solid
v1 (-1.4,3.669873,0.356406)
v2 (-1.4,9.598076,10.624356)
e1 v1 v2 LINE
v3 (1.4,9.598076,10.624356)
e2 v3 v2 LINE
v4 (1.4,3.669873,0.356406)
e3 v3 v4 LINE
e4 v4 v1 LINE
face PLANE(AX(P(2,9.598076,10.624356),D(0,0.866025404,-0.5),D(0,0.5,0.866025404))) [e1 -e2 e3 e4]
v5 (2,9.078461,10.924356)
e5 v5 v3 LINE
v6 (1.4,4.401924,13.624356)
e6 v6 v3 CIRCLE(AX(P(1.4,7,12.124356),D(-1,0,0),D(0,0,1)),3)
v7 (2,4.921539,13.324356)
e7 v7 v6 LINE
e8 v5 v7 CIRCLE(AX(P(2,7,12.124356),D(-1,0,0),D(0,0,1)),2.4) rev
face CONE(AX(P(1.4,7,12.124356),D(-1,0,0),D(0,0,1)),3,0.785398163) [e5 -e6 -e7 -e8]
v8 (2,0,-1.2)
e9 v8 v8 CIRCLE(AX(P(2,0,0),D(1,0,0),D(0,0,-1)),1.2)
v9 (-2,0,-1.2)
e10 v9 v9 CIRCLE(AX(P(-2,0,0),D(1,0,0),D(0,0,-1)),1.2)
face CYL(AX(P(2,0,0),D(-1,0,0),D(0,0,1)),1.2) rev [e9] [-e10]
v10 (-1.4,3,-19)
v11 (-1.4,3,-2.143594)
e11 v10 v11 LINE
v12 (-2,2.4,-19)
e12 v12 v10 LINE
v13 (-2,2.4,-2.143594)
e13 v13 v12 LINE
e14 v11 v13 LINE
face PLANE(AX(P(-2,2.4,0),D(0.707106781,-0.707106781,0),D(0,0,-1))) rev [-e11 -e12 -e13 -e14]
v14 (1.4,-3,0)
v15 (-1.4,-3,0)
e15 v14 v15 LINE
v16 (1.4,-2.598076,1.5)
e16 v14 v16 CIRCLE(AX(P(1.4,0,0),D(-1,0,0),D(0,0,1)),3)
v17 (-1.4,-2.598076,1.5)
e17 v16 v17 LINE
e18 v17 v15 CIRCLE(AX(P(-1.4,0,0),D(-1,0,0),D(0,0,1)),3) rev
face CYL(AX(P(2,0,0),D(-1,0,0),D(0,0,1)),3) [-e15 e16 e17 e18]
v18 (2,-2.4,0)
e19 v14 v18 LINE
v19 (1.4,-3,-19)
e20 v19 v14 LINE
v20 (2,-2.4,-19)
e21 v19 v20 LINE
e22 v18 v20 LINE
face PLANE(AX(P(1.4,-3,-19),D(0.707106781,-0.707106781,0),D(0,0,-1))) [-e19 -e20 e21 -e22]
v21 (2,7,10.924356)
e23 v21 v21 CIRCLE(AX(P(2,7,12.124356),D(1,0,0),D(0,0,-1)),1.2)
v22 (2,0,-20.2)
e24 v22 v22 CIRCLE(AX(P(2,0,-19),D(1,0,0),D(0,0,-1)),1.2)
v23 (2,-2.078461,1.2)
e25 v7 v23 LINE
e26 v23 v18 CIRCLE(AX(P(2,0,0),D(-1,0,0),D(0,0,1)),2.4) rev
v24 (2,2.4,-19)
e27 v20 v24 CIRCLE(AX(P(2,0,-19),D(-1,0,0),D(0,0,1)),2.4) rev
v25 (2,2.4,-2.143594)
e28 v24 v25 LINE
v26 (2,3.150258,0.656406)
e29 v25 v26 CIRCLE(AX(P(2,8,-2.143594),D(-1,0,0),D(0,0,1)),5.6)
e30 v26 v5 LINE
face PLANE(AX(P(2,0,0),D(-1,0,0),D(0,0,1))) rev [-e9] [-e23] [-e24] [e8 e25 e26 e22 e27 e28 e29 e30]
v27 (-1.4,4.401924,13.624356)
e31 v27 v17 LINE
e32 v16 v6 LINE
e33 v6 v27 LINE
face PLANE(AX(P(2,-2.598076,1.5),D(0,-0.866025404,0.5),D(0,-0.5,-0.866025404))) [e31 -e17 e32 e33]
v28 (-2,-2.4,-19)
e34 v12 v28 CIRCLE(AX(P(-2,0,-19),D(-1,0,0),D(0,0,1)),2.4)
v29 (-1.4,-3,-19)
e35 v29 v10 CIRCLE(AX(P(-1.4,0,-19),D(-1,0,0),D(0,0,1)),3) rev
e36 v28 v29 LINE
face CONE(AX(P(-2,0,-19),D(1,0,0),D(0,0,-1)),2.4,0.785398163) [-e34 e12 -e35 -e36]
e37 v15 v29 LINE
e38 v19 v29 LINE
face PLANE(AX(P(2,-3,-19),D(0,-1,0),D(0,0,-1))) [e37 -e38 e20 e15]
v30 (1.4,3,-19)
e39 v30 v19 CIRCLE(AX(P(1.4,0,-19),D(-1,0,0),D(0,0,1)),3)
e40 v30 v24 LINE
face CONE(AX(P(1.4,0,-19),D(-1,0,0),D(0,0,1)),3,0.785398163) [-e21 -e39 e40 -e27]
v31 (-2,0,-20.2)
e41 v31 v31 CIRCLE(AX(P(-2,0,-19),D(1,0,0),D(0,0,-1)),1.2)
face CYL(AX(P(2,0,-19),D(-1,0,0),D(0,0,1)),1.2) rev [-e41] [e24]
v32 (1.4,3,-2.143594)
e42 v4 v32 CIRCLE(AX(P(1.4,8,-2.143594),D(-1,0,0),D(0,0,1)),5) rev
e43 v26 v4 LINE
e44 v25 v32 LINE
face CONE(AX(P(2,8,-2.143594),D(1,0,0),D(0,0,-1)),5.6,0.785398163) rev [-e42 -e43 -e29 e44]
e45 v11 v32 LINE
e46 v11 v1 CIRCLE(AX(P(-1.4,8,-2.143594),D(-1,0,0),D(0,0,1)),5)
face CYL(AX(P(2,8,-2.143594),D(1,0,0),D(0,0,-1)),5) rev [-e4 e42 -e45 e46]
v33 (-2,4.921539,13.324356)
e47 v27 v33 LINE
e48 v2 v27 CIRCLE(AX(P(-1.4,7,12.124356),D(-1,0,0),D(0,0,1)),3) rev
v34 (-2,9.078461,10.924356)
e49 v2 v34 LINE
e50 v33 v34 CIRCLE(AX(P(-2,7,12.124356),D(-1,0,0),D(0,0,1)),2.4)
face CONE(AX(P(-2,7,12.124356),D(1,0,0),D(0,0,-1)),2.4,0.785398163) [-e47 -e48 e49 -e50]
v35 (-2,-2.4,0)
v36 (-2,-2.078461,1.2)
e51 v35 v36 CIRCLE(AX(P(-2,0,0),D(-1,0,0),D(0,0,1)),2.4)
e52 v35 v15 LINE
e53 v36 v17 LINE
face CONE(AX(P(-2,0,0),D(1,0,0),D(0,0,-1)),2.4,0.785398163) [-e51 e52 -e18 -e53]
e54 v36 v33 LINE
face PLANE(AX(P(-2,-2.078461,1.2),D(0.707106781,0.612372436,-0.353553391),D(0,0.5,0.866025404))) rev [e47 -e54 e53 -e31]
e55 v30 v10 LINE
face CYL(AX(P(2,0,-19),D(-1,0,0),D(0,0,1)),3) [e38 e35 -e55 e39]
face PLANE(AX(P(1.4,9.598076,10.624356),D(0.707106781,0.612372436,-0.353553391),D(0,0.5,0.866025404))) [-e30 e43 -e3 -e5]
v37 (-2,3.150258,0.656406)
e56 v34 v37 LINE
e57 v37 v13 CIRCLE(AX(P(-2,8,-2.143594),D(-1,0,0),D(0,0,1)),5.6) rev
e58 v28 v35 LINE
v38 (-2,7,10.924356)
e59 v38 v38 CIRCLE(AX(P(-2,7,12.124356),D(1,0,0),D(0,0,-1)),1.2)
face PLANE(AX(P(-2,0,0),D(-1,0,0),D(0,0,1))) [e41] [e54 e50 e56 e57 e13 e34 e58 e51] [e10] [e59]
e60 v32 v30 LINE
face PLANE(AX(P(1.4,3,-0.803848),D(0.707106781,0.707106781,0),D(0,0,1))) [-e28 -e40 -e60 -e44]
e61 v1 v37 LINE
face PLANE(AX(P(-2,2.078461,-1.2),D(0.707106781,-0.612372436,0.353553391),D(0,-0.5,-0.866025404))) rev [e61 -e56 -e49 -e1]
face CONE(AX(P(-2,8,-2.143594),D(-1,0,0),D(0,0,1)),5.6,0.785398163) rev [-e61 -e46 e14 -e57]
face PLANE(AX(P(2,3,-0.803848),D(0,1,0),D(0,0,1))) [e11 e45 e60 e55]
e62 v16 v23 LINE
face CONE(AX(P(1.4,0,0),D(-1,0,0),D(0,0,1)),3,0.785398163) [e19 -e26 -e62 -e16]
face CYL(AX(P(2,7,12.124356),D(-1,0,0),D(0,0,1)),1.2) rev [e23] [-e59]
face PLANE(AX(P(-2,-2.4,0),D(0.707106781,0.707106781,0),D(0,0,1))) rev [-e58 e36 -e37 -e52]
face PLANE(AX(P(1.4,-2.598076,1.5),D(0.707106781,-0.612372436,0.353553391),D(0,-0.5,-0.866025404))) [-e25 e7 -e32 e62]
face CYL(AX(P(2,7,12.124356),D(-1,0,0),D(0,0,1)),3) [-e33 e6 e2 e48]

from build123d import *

# Parameters (mm, degrees)
SKETCH_1_R      = 1.2
EXTRUDE_1_DEPTH = 2
FILLET_1_R      = 5
CHAMFER_1_SIZE  = 0.6


with BuildPart() as part:
    # 草图1 → 凸台-拉伸1 (new, symmetric)
    with BuildSketch(Plane(origin=(0, 0, 0), x_dir=(0, 0, -1), z_dir=(1, 0, 0))):
        with BuildLine():
            Line((0, -3), (19, -3))
            ThreePointArc((19, -3), (22, 0), (19, 3))
            Line((19, 3), (0.803847577, 3))
            Line((0.803847577, 3), (-10.624355653, 9.598076211))
            ThreePointArc((-10.624355653, 9.598076211), (-14.722431864, 8.5), (-13.624355653, 4.401923789))
            Line((-13.624355653, 4.401923789), (-1.5, -2.598076211))
            ThreePointArc((-1.5, -2.598076211), (-0.776457135, -2.897777479), (0, -3))
        make_face()
        with Locations((19, 0)):
            Circle(SKETCH_1_R, mode=Mode.SUBTRACT)
        with Locations((-12.124355653, 7)):
            Circle(SKETCH_1_R, mode=Mode.SUBTRACT)
        Circle(SKETCH_1_R, mode=Mode.SUBTRACT)
    extrude(amount=EXTRUDE_1_DEPTH, both=True)

    # 圆角1
    fillet_1_edges = [part.edges().sort_by_distance(p)[0] for p in [
        (0, 3, -0.803847577),
    ]]
    fillet(fillet_1_edges, radius=FILLET_1_R)

    # 倒角1
    chamfer_1_edges = [part.edges().sort_by_distance(p)[0] for p in [
        (-2, 0.901923789, 7.562177826),
        (-2, 8.5, 14.722431864),
        (-2, -2.897777479, 0.776457135),
        (-2, 6.633974596, 5.490381057),
        (-2, -3, -9.5),
        (-2, 3.170370869, -0.849498314),
        (-2, 0, -22),
        (-2, 3, -10.57179677),
        (2, 0.901923789, 7.562177826),
        (2, 8.5, 14.722431864),
        (2, -2.897777479, 0.776457135),
        (2, 6.633974596, 5.490381057),
        (2, -3, -9.5),
        (2, 3.170370869, -0.849498314),
        (2, 0, -22),
        (2, 3, -10.57179677),
    ]]
    chamfer(chamfer_1_edges, length=CHAMFER_1_SIZE)


solid = part.part
